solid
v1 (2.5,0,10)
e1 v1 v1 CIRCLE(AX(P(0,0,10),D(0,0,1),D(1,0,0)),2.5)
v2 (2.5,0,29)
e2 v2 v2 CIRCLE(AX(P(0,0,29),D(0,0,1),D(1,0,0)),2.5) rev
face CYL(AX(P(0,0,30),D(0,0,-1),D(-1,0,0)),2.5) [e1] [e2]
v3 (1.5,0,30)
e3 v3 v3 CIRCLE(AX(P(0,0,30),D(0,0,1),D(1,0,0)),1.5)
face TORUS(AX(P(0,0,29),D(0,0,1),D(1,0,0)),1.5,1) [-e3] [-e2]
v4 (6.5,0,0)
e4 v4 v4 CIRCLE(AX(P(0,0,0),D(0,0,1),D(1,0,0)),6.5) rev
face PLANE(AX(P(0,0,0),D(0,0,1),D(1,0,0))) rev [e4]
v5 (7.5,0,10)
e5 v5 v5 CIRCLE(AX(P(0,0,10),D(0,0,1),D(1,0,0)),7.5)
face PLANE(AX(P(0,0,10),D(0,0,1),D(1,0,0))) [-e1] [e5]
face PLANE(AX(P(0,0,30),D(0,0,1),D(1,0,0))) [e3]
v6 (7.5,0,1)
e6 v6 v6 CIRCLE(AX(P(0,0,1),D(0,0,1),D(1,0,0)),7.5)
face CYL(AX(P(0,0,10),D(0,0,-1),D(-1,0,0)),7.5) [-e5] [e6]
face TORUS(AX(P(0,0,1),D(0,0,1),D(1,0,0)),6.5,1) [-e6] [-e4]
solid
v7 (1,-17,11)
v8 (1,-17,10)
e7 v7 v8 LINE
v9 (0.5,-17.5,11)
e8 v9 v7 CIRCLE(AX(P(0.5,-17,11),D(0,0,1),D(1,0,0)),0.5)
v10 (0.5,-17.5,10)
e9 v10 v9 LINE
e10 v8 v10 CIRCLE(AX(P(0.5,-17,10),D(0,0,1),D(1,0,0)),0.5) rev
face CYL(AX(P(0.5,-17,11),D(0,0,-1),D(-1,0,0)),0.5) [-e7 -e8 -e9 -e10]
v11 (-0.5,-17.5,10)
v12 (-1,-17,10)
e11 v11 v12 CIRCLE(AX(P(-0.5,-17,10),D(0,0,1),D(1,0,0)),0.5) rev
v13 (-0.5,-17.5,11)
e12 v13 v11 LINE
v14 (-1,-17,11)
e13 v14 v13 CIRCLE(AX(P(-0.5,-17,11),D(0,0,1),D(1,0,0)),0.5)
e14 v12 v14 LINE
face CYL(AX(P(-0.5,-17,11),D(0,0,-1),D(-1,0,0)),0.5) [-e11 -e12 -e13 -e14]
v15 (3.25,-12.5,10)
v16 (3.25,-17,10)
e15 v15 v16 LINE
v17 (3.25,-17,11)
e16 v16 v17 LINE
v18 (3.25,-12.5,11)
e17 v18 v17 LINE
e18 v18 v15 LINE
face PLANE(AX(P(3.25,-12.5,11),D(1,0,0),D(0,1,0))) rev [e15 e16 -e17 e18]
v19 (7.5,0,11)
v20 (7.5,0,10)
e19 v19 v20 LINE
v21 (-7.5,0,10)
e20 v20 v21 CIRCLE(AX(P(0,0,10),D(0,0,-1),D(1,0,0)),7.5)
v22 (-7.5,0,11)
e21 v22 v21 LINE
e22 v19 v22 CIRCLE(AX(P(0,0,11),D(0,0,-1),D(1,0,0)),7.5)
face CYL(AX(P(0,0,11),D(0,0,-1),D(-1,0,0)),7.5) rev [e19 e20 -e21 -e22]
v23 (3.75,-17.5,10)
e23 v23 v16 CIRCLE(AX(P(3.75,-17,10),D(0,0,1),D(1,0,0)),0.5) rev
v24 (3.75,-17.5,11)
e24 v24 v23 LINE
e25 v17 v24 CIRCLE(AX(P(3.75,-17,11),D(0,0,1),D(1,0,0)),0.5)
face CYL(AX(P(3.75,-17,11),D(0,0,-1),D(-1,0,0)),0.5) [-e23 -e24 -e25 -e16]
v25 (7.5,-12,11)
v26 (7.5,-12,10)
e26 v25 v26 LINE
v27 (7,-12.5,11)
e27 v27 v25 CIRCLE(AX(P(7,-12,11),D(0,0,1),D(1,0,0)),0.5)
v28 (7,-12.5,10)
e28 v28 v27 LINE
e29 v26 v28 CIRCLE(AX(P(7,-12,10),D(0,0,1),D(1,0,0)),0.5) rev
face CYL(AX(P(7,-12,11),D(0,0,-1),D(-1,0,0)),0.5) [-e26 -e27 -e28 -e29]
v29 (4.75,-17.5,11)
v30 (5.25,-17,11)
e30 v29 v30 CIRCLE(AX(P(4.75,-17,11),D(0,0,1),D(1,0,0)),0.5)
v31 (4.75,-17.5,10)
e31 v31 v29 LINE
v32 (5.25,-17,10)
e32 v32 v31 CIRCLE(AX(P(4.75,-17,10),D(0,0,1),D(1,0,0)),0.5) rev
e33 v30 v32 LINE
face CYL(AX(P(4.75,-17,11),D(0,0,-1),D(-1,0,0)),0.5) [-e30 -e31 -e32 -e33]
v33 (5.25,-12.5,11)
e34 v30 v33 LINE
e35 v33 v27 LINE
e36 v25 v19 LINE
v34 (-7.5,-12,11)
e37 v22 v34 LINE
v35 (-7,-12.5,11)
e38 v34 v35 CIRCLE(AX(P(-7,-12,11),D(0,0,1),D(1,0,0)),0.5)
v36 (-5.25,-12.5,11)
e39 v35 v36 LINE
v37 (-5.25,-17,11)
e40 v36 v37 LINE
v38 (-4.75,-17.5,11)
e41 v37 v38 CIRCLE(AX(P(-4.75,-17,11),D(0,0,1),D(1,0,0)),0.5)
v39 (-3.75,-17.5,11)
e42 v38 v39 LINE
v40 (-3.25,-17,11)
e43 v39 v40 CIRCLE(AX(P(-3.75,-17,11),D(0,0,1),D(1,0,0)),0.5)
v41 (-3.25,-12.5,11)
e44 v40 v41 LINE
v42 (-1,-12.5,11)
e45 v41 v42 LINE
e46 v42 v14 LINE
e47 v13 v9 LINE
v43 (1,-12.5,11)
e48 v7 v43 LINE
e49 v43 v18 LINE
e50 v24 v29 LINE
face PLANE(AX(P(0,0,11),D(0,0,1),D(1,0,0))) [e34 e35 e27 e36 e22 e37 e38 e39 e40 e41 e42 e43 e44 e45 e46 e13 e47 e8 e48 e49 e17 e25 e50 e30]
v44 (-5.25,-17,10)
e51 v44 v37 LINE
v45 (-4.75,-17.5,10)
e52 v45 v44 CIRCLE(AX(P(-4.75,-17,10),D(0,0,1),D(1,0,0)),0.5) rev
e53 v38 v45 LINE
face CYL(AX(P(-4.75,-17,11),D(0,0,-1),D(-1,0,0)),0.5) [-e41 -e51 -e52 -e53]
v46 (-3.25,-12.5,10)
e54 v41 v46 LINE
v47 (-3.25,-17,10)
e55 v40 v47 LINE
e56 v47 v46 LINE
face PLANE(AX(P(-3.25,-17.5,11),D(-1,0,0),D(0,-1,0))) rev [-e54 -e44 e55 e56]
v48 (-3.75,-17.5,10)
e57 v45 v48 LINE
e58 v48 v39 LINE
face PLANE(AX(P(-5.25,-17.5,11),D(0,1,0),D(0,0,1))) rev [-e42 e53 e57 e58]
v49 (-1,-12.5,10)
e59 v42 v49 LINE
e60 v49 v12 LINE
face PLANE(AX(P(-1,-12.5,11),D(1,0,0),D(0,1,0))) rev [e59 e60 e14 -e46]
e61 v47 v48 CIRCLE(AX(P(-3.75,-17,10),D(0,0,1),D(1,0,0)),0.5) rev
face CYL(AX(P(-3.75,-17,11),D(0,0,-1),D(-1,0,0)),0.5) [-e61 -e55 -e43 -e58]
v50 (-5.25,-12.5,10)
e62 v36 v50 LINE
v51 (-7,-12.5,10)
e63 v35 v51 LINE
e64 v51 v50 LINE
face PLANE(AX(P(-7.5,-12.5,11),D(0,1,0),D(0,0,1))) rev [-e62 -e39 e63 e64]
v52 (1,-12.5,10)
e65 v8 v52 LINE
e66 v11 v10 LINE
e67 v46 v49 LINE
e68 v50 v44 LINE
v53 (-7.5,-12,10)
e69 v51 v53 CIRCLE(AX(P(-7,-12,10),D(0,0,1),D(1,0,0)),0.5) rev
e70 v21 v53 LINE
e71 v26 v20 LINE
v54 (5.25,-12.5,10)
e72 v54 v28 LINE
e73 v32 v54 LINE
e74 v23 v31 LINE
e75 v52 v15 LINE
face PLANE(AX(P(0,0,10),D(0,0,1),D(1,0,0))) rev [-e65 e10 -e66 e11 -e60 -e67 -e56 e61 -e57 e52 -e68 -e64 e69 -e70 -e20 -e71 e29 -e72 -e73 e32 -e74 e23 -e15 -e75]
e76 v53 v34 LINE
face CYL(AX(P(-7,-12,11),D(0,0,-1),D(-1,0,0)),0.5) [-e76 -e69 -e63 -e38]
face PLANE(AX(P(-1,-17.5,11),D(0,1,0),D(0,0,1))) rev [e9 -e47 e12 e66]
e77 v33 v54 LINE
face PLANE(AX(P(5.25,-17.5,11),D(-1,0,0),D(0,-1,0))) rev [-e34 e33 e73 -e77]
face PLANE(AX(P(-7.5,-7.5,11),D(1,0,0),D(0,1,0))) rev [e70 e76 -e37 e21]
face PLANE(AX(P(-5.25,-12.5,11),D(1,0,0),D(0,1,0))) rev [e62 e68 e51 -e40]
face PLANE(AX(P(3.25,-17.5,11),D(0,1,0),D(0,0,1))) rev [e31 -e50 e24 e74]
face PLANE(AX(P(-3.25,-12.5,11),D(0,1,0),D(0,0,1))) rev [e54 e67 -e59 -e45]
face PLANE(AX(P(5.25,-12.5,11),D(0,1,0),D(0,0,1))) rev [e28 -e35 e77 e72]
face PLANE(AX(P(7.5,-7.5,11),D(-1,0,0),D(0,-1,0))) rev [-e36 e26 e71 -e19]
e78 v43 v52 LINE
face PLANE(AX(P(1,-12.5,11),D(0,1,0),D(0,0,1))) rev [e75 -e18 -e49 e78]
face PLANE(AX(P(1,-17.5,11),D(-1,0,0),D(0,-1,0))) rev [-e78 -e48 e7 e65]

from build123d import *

# Parameters (mm, degrees)
IZIM1_R                     = 7.5
Y_KSEKLIK_EKSTR_ZYON1_DEPTH = 10
IZIM2_R                     = 2.5
Y_KSEKLIK_EKSTR_ZYON2_DEPTH = 20
Y_KSEKLIK_EKSTR_ZYON3_DEPTH = 1
RADYUS2_R                   = 1
RADYUS3_R                   = 1
RADYUS4_R                   = 0.5


with BuildPart() as part:
    # Çizim1 → Yükseklik-Ekstrüzyon1 (new body)
    with BuildSketch(Plane.XY):
        Circle(IZIM1_R)
    extrude(amount=Y_KSEKLIK_EKSTR_ZYON1_DEPTH)

    # Çizim2 → Yükseklik-Ekstrüzyon2 (add)
    with BuildSketch(Plane.XY.offset(10)):
        Circle(IZIM2_R)
    extrude(amount=Y_KSEKLIK_EKSTR_ZYON2_DEPTH)

    # Radyus2
    radyus2_edges = [part.edges().sort_by_distance(p)[0] for p in [
        (-7.5, 0, 0),
    ]]
    fillet(radyus2_edges, radius=RADYUS2_R)

    # Radyus3
    radyus3_edges = [part.edges().sort_by_distance(p)[0] for p in [
        (-2.5, 0, 30),
    ]]
    fillet(radyus3_edges, radius=RADYUS3_R)


with BuildPart() as body_2:
    # Çizim3 → Yükseklik-Ekstrüzyon3 (new body)
    with BuildSketch(Plane.XY.offset(10)):
        with BuildLine():
            Line((-7.5, 0), (-7.5, -7.5))
            Line((-7.5, -7.5), (-7.5, -12.5))
            Line((-7.5, -12.5), (-5.25, -12.5))
            Line((-5.25, -12.5), (-5.25, -17.5))
            Line((-5.25, -17.5), (-3.25, -17.5))
            Line((-3.25, -17.5), (-3.25, -12.5))
            Line((-3.25, -12.5), (-1, -12.5))
            Line((-1, -12.5), (-1, -17.5))
            Line((-1, -17.5), (1, -17.5))
            Line((1, -17.5), (1, -12.5))
            Line((1, -12.5), (3.25, -12.5))
            Line((3.25, -12.5), (3.25, -17.5))
            Line((3.25, -17.5), (5.25, -17.5))
            Line((5.25, -17.5), (5.25, -12.5))
            Line((5.25, -12.5), (7.5, -12.5))
            Line((7.5, -12.5), (7.5, -7.5))
            Line((7.5, -7.5), (7.5, 0))
            ThreePointArc((7.5, 0), (0, -7.5), (-7.5, 0))
        make_face()
    extrude(amount=Y_KSEKLIK_EKSTR_ZYON3_DEPTH)

    # Radyus4
    radyus4_edges = [body_2.edges().sort_by_distance(p)[0] for p in [
        (7.5, -12.5, 10.5),
        (5.25, -17.5, 10.5),
        (3.25, -17.5, 10.5),
        (1, -17.5, 10.5),
        (-1, -17.5, 10.5),
        (-3.25, -17.5, 10.5),
        (-5.25, -17.5, 10.5),
        (-7.5, -12.5, 10.5),
    ]]
    fillet(radyus4_edges, radius=RADYUS4_R)


solid = Compound([part.part, body_2.part])
